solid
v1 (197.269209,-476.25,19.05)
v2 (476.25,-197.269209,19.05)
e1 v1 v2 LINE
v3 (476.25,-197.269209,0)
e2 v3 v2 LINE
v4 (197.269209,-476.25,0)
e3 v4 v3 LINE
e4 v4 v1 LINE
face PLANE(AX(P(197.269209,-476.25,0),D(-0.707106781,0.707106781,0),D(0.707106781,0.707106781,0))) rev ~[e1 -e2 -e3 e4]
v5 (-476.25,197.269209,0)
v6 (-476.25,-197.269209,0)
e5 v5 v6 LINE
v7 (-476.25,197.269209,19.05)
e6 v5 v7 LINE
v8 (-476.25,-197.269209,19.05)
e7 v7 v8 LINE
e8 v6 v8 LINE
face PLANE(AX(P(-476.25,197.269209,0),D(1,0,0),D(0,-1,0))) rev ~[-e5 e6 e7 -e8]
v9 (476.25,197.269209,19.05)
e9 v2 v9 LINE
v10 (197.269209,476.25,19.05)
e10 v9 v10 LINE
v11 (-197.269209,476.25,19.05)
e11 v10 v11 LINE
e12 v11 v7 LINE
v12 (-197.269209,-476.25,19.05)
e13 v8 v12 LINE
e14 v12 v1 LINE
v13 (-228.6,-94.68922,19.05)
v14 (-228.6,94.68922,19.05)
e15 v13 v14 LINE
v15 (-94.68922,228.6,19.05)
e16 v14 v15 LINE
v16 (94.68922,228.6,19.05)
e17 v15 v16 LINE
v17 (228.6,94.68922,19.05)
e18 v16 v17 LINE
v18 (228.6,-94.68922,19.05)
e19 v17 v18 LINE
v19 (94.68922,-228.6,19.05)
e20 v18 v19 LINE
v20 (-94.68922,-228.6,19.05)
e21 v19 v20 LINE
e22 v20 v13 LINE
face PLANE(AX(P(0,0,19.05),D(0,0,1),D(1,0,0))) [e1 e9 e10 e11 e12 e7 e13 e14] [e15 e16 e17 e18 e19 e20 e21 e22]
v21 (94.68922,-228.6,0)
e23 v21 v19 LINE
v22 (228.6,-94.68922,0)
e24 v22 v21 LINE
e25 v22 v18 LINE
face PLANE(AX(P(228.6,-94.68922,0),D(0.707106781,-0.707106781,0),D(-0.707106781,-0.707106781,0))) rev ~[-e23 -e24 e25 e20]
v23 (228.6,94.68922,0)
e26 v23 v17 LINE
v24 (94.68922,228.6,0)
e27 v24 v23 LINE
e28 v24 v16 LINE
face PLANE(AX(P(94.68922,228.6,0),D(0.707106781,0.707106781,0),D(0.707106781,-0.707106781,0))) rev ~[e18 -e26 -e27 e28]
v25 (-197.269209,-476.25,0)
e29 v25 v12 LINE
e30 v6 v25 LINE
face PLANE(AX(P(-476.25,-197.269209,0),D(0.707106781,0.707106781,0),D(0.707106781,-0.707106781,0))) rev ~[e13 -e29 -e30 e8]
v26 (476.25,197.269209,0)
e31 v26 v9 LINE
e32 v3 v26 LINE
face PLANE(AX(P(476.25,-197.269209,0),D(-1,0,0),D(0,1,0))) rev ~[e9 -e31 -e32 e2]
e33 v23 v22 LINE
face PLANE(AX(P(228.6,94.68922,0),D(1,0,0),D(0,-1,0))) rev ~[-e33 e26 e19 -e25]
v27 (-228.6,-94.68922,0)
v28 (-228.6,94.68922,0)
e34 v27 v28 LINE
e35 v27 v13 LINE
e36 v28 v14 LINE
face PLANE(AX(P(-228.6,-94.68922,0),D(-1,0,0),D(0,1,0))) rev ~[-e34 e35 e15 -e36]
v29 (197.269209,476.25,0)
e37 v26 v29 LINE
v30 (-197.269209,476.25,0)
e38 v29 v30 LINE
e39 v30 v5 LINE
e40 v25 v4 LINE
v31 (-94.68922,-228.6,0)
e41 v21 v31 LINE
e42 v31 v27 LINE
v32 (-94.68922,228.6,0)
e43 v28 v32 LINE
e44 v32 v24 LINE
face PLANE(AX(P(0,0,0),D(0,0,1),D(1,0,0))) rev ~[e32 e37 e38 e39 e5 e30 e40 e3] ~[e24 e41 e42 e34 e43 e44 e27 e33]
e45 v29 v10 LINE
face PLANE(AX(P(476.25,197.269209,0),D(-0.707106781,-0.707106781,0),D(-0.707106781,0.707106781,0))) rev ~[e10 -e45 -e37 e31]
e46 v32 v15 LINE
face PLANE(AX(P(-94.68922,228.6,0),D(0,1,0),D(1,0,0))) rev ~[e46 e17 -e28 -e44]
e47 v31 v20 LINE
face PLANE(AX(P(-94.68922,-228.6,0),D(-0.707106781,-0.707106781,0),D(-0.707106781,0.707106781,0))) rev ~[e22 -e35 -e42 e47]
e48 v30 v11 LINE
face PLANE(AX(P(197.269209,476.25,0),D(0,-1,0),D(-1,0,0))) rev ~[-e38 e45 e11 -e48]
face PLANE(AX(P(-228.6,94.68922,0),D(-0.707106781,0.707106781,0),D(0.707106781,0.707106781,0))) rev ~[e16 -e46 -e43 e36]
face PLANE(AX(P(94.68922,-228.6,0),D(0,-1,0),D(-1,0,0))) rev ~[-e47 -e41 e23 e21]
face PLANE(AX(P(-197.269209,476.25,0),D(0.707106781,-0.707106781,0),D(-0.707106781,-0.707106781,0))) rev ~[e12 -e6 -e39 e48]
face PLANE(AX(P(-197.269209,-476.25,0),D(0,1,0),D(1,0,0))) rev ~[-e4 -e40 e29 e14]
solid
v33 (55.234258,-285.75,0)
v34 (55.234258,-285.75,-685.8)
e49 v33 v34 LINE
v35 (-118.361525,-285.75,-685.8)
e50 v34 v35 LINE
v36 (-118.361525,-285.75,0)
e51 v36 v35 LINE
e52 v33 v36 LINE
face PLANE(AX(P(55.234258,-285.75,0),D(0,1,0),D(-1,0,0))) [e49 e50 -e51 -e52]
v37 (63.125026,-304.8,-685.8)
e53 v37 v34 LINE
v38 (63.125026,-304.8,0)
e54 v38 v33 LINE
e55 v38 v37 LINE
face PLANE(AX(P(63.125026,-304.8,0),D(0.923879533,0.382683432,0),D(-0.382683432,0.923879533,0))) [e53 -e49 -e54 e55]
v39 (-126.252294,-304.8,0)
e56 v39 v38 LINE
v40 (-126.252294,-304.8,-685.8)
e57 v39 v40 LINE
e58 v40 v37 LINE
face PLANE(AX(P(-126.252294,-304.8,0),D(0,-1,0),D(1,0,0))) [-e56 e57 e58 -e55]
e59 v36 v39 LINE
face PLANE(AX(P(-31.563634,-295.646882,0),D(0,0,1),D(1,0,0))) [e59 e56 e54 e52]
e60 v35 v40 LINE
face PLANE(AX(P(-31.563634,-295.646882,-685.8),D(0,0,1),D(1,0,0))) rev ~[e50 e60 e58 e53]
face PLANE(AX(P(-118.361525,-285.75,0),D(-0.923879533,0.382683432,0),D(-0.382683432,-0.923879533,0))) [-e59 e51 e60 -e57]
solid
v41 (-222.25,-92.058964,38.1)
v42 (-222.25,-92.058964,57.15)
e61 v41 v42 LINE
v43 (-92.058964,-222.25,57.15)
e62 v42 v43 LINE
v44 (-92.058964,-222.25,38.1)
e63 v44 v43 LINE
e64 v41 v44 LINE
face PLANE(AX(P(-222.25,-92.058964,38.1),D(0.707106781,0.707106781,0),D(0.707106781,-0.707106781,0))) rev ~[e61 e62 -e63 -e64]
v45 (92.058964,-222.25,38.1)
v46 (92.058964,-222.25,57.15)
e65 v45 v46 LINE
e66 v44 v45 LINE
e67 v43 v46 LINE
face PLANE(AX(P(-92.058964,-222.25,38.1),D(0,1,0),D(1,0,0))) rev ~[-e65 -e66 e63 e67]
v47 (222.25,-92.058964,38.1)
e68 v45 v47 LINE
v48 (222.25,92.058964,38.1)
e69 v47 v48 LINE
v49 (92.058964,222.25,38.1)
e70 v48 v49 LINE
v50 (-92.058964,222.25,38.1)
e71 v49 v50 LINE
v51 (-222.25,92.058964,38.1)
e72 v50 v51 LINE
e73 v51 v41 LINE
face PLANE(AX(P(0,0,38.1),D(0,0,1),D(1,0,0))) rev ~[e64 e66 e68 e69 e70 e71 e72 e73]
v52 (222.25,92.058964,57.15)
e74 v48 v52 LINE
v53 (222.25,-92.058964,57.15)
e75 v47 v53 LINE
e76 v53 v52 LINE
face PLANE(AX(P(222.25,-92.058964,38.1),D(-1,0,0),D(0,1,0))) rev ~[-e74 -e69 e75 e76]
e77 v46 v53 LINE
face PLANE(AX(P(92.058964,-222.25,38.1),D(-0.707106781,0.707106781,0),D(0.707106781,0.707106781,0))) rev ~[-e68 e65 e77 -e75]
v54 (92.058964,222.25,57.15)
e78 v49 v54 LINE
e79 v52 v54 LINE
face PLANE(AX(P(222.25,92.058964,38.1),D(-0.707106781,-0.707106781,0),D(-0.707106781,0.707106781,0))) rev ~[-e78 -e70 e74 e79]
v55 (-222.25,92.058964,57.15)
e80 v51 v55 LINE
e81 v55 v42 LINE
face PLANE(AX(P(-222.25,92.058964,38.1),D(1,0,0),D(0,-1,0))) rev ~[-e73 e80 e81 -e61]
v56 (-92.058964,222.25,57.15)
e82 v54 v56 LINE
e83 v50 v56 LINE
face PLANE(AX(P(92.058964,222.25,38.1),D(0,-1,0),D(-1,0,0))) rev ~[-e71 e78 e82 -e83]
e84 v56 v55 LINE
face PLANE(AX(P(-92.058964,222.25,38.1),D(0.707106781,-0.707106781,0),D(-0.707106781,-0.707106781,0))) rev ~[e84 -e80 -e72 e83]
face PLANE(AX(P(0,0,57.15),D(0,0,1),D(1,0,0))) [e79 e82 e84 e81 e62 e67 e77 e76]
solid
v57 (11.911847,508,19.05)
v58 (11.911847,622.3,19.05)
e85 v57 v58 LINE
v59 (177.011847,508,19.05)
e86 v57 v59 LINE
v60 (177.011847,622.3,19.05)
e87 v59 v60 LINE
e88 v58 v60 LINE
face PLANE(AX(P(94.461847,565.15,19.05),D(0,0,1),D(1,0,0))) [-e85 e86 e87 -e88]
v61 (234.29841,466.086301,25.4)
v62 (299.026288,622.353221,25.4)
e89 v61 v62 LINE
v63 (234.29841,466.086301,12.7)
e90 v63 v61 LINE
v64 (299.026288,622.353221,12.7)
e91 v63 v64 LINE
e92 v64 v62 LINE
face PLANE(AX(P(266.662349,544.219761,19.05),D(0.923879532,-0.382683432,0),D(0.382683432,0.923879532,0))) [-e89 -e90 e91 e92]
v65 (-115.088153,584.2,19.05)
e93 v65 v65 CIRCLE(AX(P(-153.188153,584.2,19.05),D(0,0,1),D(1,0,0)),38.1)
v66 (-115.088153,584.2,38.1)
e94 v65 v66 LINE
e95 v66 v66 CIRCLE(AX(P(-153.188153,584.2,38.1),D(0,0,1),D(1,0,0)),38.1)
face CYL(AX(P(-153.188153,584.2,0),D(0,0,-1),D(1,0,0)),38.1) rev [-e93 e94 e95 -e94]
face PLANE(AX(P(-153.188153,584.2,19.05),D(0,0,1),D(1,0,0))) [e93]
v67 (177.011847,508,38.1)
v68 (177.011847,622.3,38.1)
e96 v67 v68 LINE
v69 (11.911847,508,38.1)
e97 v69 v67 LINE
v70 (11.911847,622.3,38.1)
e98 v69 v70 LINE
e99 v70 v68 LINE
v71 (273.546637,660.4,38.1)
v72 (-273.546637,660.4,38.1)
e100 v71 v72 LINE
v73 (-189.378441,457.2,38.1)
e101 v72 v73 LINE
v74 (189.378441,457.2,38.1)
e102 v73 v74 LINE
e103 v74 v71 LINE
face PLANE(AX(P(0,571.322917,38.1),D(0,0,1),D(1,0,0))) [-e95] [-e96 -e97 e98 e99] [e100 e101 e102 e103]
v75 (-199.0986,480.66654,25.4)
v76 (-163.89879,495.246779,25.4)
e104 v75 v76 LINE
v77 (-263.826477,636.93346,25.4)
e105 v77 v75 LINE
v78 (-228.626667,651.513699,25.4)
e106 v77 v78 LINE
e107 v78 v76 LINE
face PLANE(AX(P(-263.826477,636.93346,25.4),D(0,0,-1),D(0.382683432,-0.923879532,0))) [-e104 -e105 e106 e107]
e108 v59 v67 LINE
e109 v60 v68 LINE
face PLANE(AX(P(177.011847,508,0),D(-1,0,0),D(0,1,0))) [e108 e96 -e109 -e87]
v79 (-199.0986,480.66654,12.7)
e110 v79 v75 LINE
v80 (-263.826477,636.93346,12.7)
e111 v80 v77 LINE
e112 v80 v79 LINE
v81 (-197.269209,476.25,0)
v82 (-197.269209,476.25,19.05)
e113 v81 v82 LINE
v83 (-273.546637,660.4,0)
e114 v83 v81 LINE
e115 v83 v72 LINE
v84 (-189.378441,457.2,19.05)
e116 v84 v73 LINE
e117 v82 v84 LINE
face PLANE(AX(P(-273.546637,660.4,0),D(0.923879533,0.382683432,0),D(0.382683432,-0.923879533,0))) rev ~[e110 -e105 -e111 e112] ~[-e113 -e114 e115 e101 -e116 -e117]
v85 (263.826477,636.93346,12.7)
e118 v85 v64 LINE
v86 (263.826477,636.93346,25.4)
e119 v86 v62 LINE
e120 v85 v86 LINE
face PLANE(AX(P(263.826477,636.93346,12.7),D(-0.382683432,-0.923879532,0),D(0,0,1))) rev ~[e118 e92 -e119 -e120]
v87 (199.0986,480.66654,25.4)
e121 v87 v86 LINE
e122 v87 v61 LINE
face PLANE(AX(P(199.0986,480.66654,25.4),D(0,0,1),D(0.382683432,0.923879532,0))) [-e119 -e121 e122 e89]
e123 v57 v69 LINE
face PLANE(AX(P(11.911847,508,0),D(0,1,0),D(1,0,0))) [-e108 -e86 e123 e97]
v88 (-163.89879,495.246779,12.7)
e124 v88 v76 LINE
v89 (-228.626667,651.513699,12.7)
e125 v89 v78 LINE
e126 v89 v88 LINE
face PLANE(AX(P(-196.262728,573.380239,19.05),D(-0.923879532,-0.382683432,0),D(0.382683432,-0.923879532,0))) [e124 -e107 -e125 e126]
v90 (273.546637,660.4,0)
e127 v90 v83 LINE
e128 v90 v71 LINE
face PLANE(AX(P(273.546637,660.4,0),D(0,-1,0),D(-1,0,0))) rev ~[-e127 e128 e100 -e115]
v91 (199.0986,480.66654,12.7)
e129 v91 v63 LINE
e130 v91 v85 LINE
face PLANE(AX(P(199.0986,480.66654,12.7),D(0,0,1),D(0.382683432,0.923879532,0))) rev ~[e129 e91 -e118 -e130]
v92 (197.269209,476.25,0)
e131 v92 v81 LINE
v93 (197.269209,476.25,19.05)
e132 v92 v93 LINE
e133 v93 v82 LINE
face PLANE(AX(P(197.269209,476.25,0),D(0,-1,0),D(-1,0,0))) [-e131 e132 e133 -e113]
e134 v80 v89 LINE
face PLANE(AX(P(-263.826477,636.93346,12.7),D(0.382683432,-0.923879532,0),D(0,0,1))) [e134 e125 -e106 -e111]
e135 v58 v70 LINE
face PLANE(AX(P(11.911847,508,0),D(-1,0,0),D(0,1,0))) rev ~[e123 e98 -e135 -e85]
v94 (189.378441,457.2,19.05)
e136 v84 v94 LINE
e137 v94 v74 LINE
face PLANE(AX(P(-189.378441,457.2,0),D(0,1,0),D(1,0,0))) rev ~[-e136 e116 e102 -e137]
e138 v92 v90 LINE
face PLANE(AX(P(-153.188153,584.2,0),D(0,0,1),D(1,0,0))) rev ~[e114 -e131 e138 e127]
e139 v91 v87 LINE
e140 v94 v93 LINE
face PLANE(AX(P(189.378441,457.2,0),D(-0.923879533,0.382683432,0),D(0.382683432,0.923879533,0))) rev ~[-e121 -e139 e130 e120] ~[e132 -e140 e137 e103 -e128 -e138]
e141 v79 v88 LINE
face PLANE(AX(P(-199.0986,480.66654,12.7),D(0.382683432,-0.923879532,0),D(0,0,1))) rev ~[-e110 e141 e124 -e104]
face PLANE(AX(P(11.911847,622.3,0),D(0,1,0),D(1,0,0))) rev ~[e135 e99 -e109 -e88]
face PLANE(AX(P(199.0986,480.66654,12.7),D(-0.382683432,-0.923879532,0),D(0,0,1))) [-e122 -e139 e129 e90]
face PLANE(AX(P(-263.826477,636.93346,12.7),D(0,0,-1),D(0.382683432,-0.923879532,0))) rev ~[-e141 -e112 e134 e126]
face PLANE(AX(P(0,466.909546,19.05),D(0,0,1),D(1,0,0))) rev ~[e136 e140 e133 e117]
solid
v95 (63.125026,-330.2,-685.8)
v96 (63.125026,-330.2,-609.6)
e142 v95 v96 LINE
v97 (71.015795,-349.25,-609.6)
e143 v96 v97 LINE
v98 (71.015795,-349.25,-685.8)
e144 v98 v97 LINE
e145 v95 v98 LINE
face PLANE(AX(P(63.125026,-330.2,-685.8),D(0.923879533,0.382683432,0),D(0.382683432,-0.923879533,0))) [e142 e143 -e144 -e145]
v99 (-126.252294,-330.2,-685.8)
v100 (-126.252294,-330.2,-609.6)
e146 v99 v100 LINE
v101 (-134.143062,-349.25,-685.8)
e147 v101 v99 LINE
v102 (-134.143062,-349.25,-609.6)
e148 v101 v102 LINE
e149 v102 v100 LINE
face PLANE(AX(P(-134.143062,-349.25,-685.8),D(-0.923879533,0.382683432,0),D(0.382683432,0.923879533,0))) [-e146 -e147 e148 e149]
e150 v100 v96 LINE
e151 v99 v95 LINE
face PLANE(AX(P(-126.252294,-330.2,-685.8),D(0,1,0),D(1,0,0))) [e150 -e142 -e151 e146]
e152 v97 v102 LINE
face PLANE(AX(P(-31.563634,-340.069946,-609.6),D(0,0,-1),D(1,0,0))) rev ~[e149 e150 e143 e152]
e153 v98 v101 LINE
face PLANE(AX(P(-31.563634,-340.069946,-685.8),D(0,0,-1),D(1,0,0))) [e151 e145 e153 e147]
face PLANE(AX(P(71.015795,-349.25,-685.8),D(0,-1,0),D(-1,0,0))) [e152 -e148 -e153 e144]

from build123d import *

# Parameters (mm, degrees)
F0_R      = 38.1
F0_W      = 165.1
F0_H      = 114.3
F1_DEPTH  = 38.1
F2_W      = 169.1420950994
F2_H      = 12.7
F3_DEPTH  = 38.1
F4_W      = 169.1420950994
F4_H      = 12.7
F5_DEPTH  = 38.1
F7_DEPTH  = 19.05
F9_DEPTH  = 19.05
F11_DEPTH = 685.8
F13_DEPTH = 19.05
F15_DEPTH = 76.2
F16_DEPTH = 19.05


with BuildPart() as f1:
    # F0 (on Top) → F1 (new body)
    with BuildSketch(Plane.XY):
        Polygon((273.5466365912, 660.4), (-273.5466365912, 660.4), (-189.378440717, 457.2), (189.378440717, 457.2), align=None)
        with Locations((-153.188152504, 584.2)):
            Circle(F0_R, mode=Mode.SUBTRACT)
        with Locations((94.461847496, 565.15)):
            Rectangle(F0_W, F0_H, mode=Mode.SUBTRACT)
    extrude(amount=F1_DEPTH)

    # F2 (on face) → F3 (cut)
    with BuildSketch(Plane(origin=(0, 0, 0), x_dir=(0.3826834324, -0.9238795325, 0), z_dir=(-0.9238795325, -0.3826834324, 0))):
        with Locations((-604.8407615234, 19.05)):
            Rectangle(F2_W, F2_H)
    extrude(amount=-F3_DEPTH, mode=Mode.SUBTRACT)

    # F4 (on face) → F5 (join)
    with BuildSketch(Plane(origin=(0, 0, 0), x_dir=(0.3826834324, 0.9238795325, 0), z_dir=(0.9238795325, -0.3826834324, 0))):
        with Locations((604.8407615234, 19.05)):
            Rectangle(F4_W, F4_H)
    extrude(amount=F5_DEPTH)

    # F6 (on face) → F7 (cut)
    with BuildSketch(Plane.XY):
        Polygon((-197.2692090802, 476.25), (-189.378440717, 457.2), (189.378440717, 457.2), (197.2692090802, 476.25), align=None)
    extrude(amount=F7_DEPTH, mode=Mode.SUBTRACT)

    # F0 (on Top) → F16 (join)
    with BuildSketch(Plane.XY):
        with Locations((-153.188152504, 584.2)):
            Circle(F0_R)
        with Locations((94.461847496, 565.15)):
            Rectangle(F0_W, F0_H)
    extrude(amount=F16_DEPTH)


with BuildPart() as f9:
    # F8 (on Top) → F9 (new body)
    with BuildSketch(Plane.XY):
        Polygon((-197.2692090802, -476.25), (197.2692090802, -476.25), (476.25, -197.2692090802), (476.25, 197.2692090802), (197.2692090802, 476.25), (-197.2692090802, 476.25), (-476.25, 197.2692090802), (-476.25, -197.2692090802), align=None)
        Polygon((228.6, -94.6892203585), (94.6892203585, -228.6), (-94.6892203585, -228.6), (-228.6, -94.6892203585), (-228.6, 94.6892203585), (-94.6892203585, 228.6), (94.6892203585, 228.6), (228.6, 94.6892203585), align=None, mode=Mode.SUBTRACT)
    extrude(amount=F9_DEPTH)


with BuildPart() as f11:
    # F10 (on Top) → F11 (new body)
    with BuildSketch(Plane.XY):
        Polygon((-126.2522938113, -304.8), (63.1250261887, -304.8), (55.2342578255, -285.75), (-118.3615254481, -285.75), align=None)
    extrude(amount=-F11_DEPTH)


with BuildPart() as f13:
    # F12 (on face) → F13 (new body)
    with BuildSketch(Plane.XY.offset(38.1)):
        Polygon((-92.0589642374, -222.25), (92.0589642374, -222.25), (222.25, -92.0589642374), (222.25, 92.0589642374), (92.0589642374, 222.25), (-92.0589642374, 222.25), (-222.25, 92.0589642374), (-222.25, -92.0589642374), align=None)
    extrude(amount=F13_DEPTH)


with BuildPart() as f15:
    # F14 (on face) → F15 (new body)
    with BuildSketch(Plane(origin=(0, 0, -685.8), x_dir=(1, 0, 0), z_dir=(0, 0, -1))):
        Polygon((-134.1430621745, 349.25), (-126.2522938113, 330.2), (63.1250261887, 330.2), (71.0157945519, 349.25), align=None)
    extrude(amount=-F15_DEPTH)


solid = Compound([f1.part, f9.part, f11.part, f13.part, f15.part])
